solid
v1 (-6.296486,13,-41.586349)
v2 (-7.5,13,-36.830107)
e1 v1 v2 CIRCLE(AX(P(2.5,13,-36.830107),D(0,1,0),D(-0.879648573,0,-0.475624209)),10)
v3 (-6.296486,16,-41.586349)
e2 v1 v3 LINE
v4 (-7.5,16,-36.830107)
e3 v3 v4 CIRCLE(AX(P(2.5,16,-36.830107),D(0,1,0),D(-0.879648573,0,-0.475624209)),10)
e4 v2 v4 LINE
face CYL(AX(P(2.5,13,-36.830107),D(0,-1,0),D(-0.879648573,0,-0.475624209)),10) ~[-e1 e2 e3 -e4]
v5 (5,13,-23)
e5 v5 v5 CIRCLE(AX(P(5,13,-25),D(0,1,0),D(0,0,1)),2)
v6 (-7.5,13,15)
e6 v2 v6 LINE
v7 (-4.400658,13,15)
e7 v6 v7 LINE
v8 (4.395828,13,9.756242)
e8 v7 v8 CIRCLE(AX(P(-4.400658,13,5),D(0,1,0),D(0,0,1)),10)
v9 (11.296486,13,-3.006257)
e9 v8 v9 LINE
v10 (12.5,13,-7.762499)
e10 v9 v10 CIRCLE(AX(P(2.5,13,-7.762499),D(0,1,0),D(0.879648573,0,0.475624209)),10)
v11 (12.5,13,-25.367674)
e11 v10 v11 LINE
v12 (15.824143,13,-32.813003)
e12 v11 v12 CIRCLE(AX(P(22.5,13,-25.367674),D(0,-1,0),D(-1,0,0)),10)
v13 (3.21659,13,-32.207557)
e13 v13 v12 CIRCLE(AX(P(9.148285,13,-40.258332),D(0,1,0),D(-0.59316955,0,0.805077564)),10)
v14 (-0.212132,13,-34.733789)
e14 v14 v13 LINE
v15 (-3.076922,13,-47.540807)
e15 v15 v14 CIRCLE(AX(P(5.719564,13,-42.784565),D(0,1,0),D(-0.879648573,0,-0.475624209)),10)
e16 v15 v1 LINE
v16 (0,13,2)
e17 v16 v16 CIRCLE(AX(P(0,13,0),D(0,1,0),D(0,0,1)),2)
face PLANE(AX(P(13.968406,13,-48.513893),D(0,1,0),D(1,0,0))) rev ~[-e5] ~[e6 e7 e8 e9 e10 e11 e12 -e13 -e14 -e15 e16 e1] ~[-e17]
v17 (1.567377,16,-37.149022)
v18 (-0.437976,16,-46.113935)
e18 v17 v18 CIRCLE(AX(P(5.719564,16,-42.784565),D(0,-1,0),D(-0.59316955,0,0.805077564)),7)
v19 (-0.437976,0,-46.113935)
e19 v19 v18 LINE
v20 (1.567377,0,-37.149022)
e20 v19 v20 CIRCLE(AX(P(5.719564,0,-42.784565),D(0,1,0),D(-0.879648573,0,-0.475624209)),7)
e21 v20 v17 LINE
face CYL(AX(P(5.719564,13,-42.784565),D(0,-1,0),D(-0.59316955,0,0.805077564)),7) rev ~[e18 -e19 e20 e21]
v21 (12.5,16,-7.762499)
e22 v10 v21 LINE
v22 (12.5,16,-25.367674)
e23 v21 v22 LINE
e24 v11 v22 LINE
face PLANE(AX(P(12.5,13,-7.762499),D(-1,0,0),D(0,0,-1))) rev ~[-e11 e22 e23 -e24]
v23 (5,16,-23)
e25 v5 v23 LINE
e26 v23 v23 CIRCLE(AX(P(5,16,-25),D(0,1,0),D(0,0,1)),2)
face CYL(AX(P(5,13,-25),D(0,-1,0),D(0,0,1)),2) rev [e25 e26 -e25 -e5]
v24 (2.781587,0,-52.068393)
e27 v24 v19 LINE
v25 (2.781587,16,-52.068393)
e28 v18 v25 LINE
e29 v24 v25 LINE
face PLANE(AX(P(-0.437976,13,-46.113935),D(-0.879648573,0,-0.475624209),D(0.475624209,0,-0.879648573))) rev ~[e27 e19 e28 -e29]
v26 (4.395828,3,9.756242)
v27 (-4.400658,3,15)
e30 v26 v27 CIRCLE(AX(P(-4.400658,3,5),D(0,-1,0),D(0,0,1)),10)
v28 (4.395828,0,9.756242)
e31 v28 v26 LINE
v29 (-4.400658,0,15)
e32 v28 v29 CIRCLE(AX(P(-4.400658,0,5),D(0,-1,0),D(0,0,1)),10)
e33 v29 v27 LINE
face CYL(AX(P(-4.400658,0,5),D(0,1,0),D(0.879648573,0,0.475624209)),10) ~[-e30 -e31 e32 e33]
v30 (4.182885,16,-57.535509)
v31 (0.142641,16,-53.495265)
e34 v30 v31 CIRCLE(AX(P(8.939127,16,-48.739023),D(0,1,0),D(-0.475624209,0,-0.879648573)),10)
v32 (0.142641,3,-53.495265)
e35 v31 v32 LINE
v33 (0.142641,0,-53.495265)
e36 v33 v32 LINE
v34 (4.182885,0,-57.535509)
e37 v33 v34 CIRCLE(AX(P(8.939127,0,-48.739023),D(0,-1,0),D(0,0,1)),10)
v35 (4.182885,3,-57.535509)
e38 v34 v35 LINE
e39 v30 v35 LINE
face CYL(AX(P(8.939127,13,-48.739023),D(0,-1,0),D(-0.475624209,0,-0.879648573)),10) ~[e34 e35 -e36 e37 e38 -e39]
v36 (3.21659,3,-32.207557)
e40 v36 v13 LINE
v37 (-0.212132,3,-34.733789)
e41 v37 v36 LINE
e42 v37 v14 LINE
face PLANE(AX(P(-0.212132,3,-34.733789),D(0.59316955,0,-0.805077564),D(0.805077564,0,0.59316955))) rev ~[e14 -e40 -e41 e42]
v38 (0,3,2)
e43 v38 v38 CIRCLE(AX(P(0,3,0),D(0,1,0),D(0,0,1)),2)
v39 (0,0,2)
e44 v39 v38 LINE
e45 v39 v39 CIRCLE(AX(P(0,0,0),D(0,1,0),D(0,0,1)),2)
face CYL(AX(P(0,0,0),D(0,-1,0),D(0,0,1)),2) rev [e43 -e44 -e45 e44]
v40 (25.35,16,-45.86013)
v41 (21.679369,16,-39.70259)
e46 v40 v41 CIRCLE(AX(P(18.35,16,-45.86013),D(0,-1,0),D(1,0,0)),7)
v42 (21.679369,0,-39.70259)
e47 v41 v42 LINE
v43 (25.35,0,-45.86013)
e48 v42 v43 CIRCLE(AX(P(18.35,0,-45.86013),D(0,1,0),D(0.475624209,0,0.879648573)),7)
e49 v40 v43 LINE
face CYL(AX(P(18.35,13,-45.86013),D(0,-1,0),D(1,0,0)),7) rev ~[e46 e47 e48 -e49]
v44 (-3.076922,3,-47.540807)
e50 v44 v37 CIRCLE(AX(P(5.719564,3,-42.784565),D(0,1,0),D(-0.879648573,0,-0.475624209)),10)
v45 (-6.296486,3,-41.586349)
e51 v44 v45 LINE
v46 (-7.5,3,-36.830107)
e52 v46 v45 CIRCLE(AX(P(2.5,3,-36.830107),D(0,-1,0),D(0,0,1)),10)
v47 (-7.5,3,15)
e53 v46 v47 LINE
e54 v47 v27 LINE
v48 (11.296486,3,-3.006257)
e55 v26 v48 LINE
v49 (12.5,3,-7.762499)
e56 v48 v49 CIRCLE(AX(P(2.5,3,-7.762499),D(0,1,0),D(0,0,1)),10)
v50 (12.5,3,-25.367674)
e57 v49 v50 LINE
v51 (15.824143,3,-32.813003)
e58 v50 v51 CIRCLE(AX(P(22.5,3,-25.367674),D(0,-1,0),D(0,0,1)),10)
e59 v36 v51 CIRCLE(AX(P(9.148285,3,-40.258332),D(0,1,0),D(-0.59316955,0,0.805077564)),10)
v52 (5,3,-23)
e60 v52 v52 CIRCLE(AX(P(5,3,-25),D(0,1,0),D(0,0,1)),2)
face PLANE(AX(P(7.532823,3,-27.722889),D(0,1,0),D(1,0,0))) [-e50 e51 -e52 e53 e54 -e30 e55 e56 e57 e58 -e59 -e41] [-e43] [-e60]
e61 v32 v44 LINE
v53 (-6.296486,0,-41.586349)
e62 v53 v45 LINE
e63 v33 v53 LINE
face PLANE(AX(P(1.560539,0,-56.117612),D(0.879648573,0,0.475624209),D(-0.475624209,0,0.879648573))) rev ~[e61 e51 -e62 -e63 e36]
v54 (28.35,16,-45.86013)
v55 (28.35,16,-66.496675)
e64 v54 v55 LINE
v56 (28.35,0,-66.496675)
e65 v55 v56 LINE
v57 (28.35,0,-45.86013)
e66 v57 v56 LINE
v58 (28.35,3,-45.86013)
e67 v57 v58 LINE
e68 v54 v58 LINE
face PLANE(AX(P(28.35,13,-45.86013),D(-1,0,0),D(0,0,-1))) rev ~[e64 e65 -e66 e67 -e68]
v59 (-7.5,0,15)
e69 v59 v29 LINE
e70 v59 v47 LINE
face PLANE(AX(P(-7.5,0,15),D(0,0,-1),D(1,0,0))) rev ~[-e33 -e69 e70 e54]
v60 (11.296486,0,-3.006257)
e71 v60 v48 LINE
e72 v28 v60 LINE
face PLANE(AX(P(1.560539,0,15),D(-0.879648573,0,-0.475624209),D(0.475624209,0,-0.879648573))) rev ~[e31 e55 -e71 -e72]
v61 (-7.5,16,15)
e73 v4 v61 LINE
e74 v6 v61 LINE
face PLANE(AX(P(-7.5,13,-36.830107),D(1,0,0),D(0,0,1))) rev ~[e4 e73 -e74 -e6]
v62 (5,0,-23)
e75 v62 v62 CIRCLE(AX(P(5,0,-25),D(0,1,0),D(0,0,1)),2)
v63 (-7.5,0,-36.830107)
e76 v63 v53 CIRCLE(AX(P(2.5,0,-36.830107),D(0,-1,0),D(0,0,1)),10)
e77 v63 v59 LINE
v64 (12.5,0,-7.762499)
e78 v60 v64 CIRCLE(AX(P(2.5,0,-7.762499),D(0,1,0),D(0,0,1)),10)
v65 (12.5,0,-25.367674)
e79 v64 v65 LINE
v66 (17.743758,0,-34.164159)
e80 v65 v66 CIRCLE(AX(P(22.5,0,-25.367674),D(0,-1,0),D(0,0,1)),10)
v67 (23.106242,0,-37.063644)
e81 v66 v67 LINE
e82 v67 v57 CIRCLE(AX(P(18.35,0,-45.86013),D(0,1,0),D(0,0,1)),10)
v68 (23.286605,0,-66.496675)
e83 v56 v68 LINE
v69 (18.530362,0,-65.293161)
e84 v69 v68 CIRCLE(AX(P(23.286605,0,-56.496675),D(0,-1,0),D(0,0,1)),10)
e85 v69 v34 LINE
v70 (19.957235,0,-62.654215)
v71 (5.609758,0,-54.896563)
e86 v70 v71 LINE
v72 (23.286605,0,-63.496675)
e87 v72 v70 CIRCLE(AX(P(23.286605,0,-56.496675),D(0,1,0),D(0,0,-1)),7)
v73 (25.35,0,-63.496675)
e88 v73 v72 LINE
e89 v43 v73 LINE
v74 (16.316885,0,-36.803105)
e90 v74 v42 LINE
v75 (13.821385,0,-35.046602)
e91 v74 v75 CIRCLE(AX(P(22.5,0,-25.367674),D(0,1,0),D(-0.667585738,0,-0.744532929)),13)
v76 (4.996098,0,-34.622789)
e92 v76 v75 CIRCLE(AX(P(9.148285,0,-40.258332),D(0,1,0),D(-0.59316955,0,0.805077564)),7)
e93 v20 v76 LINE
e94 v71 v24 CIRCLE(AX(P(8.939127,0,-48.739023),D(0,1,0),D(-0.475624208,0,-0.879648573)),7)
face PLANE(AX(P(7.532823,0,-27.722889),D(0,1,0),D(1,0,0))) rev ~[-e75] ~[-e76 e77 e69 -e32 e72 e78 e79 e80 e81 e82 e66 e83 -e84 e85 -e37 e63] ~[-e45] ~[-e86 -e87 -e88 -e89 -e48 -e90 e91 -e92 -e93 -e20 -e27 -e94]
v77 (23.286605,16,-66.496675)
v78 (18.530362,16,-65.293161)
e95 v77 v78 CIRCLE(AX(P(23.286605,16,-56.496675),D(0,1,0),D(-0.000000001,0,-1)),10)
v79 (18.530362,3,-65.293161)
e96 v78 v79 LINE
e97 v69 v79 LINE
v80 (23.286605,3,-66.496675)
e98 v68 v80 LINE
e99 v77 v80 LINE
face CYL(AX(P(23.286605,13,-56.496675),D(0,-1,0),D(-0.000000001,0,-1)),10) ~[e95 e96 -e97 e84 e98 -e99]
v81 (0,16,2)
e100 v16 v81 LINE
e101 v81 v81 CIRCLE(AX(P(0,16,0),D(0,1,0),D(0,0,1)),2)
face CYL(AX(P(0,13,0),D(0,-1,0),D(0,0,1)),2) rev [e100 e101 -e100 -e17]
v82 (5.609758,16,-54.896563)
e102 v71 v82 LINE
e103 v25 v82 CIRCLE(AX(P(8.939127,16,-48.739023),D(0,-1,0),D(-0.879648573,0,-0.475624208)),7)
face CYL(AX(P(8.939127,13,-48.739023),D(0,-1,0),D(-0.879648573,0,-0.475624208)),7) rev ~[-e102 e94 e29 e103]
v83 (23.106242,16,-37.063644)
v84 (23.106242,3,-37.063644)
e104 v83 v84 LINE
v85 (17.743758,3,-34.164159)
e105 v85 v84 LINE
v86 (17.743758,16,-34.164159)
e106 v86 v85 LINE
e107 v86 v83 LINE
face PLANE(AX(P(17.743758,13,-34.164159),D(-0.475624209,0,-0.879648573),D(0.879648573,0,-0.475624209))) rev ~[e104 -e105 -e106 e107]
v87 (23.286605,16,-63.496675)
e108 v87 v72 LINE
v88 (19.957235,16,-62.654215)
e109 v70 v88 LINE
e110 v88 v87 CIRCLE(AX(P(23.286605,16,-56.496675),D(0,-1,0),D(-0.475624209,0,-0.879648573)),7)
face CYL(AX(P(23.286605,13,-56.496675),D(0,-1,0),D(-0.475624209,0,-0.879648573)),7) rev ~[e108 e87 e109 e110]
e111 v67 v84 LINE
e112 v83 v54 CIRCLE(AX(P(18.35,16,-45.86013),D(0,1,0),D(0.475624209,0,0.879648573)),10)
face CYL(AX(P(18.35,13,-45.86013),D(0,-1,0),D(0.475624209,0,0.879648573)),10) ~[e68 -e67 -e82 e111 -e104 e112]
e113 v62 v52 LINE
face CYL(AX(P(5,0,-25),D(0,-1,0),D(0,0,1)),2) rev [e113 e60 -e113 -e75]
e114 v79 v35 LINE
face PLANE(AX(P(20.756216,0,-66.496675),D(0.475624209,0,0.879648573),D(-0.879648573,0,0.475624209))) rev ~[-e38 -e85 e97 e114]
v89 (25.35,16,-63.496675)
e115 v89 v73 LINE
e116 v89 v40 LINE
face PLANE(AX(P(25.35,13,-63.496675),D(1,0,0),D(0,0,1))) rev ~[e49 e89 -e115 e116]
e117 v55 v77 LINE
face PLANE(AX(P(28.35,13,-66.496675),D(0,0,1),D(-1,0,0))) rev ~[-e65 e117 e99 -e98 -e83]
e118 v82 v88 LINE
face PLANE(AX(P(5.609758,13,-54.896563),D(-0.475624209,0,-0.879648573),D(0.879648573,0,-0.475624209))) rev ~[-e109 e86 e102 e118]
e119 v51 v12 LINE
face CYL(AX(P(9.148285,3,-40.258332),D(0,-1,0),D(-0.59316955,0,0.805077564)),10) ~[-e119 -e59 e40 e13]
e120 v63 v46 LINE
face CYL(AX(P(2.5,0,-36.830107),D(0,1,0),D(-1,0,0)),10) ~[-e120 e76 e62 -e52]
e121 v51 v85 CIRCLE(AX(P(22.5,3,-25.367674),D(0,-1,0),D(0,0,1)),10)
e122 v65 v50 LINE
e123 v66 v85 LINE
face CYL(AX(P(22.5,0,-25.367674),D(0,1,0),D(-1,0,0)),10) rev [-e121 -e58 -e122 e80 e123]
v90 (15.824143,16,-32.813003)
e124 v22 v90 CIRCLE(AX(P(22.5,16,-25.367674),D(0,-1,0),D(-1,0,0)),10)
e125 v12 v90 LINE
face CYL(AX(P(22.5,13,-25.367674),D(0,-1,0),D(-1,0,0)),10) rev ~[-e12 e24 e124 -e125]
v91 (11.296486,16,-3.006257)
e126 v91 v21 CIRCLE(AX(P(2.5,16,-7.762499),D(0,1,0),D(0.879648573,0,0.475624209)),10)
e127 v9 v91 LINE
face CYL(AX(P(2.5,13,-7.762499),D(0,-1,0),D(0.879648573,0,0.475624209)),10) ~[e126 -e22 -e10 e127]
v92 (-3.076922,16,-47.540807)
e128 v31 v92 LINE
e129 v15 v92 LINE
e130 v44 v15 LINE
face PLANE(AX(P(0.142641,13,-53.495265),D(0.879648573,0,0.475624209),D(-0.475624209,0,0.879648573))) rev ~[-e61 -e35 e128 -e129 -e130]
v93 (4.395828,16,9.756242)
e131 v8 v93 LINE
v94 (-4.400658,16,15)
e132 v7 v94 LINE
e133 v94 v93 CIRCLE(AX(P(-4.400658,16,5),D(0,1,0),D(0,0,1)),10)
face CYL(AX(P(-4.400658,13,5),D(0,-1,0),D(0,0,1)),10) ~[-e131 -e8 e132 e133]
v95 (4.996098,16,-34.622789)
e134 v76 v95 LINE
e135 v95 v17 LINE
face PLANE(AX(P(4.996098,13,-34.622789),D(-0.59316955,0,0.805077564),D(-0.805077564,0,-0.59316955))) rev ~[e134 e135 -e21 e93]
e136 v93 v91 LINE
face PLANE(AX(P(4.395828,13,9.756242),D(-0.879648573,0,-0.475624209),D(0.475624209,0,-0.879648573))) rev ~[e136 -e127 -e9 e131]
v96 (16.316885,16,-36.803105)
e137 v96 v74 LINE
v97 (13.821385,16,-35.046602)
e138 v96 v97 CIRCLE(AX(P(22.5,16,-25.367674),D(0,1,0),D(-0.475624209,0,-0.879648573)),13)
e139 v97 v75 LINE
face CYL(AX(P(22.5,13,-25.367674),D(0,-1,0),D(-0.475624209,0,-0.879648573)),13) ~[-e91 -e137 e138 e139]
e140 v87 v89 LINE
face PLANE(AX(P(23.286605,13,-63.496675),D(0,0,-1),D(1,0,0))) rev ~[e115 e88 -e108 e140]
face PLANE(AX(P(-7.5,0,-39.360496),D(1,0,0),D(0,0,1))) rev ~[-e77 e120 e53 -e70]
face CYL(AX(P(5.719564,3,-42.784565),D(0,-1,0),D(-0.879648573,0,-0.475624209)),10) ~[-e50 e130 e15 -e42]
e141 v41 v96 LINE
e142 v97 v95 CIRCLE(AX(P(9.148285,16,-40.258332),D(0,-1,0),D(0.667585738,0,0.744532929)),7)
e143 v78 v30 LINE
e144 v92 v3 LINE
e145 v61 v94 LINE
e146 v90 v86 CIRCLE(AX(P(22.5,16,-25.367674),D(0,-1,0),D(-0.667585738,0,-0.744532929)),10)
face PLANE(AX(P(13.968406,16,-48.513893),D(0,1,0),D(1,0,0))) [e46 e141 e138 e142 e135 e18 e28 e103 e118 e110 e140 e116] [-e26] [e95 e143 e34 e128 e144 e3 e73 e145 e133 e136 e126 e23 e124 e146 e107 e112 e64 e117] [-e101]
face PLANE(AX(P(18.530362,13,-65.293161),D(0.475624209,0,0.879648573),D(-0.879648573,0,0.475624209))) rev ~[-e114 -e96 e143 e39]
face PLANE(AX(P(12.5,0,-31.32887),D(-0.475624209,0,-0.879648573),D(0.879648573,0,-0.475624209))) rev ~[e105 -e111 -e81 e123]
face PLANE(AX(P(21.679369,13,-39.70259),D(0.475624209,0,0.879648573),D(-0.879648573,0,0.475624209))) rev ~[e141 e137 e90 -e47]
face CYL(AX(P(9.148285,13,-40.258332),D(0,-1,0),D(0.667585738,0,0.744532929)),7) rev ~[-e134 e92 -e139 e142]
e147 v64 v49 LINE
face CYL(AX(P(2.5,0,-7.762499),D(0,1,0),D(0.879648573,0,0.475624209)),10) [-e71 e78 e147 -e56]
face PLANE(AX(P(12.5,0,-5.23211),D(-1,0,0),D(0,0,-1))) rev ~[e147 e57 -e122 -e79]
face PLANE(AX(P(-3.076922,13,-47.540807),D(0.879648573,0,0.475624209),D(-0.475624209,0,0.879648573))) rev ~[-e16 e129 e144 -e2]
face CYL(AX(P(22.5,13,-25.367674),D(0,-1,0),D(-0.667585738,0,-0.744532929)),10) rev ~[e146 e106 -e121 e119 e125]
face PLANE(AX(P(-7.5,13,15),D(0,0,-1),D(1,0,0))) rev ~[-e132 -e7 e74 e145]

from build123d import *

# Parameters (mm, degrees)
SKETCH1_R           = 2
BOSS_EXTRUDE1_DEPTH = 3
FILLET1_R           = 10
BOSS_EXTRUDE2_DEPTH = 10
BOSS_EXTRUDE3_START = 10
SKETCH2_3_R         = 2
BOSS_EXTRUDE3_DEPTH = 3
CUT_EXTRUDE1_DEPTH  = 74.447466489


with BuildPart() as part:
    # Sketch1 → Boss-Extrude1 (new body)
    with BuildSketch(Plane(origin=(0, 0, 0), x_dir=(1, 0, 0), z_dir=(0, 1, 0))):
        Polygon((1.560538705, -15), (12.5, 5.232110419), (12.5, 31.328870119), (28.35, 39.898933149), (28.35, 66.496675358), (20.756215513, 66.496675358), (1.560538705, 56.117611626), (-7.5, 39.360495841), (-7.5, -15), align=None)
        with Locations(Location((0, 0, 0), (0, 0, 270))):
            Circle(SKETCH1_R, mode=Mode.SUBTRACT)
        with Locations(Location((5, 25, 0), (0, 0, 270))):
            Circle(SKETCH1_R, mode=Mode.SUBTRACT)
    extrude(amount=BOSS_EXTRUDE1_DEPTH)

    # Fillet1
    fillet1_edges = [part.edges().sort_by_distance(p)[0] for p in [
        (-7.5, 1.5, -39.360495841),
        (1.560538705, 1.5, -56.117611626),
        (20.756215513, 1.5, -66.496675358),
        (28.35, 1.5, -39.898933149),
        (12.5, 1.5, -31.328870119),
        (12.5, 1.5, -5.232110419),
        (1.560538705, 1.5, 15),
    ]]
    fillet(fillet1_edges, radius=FILLET1_R)

    # Sketch2 → Boss-Extrude2 (add)
    with BuildSketch(Plane(origin=(0, 3, 0), x_dir=(1, 0, 0), z_dir=(0, 1, 0))):
        with BuildLine():
            Line((-0.212131961, 34.733789396), (3.216589734, 32.20755665))
            ThreePointArc((3.216589734, 32.20755665), (9.62795757, 30.269843196), (15.824142619, 32.813003004))
            ThreePointArc((15.824142619, 32.813003004), (16.744165524, 33.545104209), (17.743757909, 34.164159444))
            Line((17.743757909, 34.164159444), (23.106242091, 37.063643824))
            ThreePointArc((23.106242091, 37.063643824), (26.939598969, 40.739700904), (28.35, 45.860129553))
            Line((28.35, 45.860129553), (28.35, 66.496675358))
            Line((28.35, 66.496675358), (23.286604522, 66.496675358))
            ThreePointArc((23.286604522, 66.496675358), (20.833530664, 66.191128856), (18.530362432, 65.293161086))
            Line((18.530362432, 65.293161086), (4.182884994, 57.535508975))
            ThreePointArc((4.182884994, 57.535508975), (1.868059273, 55.810091058), (0.142641356, 53.495265337))
            Line((0.142641356, 53.495265337), (-3.076922186, 47.54080713))
            ThreePointArc((-3.076922186, 47.54080713), (-4.039266122, 40.601621249), (-0.212131961, 34.733789396))
        make_face()
        with BuildLine():
            Line((1.56737669, 37.149022089), (4.996098385, 34.622789343))
            ThreePointArc((4.996098385, 34.622789343), (9.48405587, 33.266389925), (13.821385404, 35.046601791))
            ThreePointArc((13.821385404, 35.046601791), (15.017415181, 35.998333357), (16.316885282, 36.803105162))
            Line((16.316885282, 36.803105162), (21.679369463, 39.702589543))
            ThreePointArc((21.679369463, 39.702589543), (24.362719279, 42.275829499), (25.35, 45.860129553))
            Line((25.35, 45.860129553), (25.35, 63.496675358))
            Line((25.35, 63.496675358), (23.286604522, 63.496675358))
            ThreePointArc((23.286604522, 63.496675358), (21.569452821, 63.282792807), (19.957235059, 62.654215368))
            Line((19.957235059, 62.654215368), (5.609757621, 54.896563256))
            ThreePointArc((5.609757621, 54.896563256), (3.989379616, 53.688770715), (2.781587075, 52.06839271))
            Line((2.781587075, 52.06839271), (-0.437976468, 46.113934502))
            ThreePointArc((-0.437976468, 46.113934502), (-1.111617222, 41.256504386), (1.56737669, 37.149022089))
        make_face(mode=Mode.SUBTRACT)
    extrude(amount=BOSS_EXTRUDE2_DEPTH)

    # Sketch2<3> → Boss-Extrude3 (add)
    with BuildSketch(Plane(origin=(0, 3, 0), x_dir=(1, 0, 0), z_dir=(0, 1, 0)).offset(BOSS_EXTRUDE3_START)):
        with BuildLine():
            ThreePointArc((-3.076922186, 47.54080713), (-4.039266122, 40.601621249), (-0.212131961, 34.733789396))
            Line((-0.212131961, 34.733789396), (3.216589734, 32.20755665))
            ThreePointArc((3.216589734, 32.20755665), (9.62795757, 30.269843196), (15.824142619, 32.813003004))
            ThreePointArc((15.824142619, 32.813003004), (16.744165524, 33.545104209), (17.743757909, 34.164159444))
            Line((17.743757909, 34.164159444), (23.106242091, 37.063643824))
            ThreePointArc((23.106242091, 37.063643824), (26.939598969, 40.739700904), (28.35, 45.860129553))
            Line((28.35, 45.860129553), (28.35, 66.496675358))
            Line((28.35, 66.496675358), (23.286604522, 66.496675358))
            ThreePointArc((23.286604522, 66.496675358), (20.833530664, 66.191128856), (18.530362432, 65.293161086))
            Line((18.530362432, 65.293161086), (4.182884994, 57.535508975))
            ThreePointArc((4.182884994, 57.535508975), (1.868059273, 55.810091058), (0.142641356, 53.495265337))
            Line((0.142641356, 53.495265337), (-3.076922186, 47.54080713))
        make_face()
        with BuildLine():
            Line((4.996098385, 34.622789343), (1.56737669, 37.149022089))
            ThreePointArc((1.56737669, 37.149022089), (-1.111617222, 41.256504386), (-0.437976468, 46.113934502))
            Line((-0.437976468, 46.113934502), (2.781587075, 52.06839271))
            ThreePointArc((2.781587075, 52.06839271), (3.989379616, 53.688770715), (5.609757621, 54.896563256))
            Line((5.609757621, 54.896563256), (19.957235059, 62.654215368))
            ThreePointArc((19.957235059, 62.654215368), (21.569452821, 63.282792807), (23.286604522, 63.496675358))
            Line((23.286604522, 63.496675358), (25.35, 63.496675358))
            Line((25.35, 63.496675358), (25.35, 45.860129553))
            ThreePointArc((25.35, 45.860129553), (24.362719279, 42.275829499), (21.679369463, 39.702589543))
            Line((21.679369463, 39.702589543), (16.316885282, 36.803105162))
            ThreePointArc((16.316885282, 36.803105162), (15.017415181, 35.998333357), (13.821385404, 35.046601791))
            ThreePointArc((13.821385404, 35.046601791), (9.48405587, 33.266389925), (4.996098385, 34.622789343))
        make_face(mode=Mode.SUBTRACT)
        with BuildLine():
            Line((3.216589734, 32.20755665), (-0.212131961, 34.733789396))
            ThreePointArc((-0.212131961, 34.733789396), (-4.039266122, 40.601621249), (-3.076922186, 47.54080713))
            Line((-3.076922186, 47.54080713), (-6.296485729, 41.586348922))
            ThreePointArc((-6.296485729, 41.586348922), (-7.194453499, 39.28318069), (-7.5, 36.830106832))
            Line((-7.5, 36.830106832), (-7.5, -15))
            Line((-7.5, -15), (-4.400657699, -15))
            ThreePointArc((-4.400657699, -15), (0.71977095, -13.589598969), (4.39582803, -9.756242091))
            Line((4.39582803, -9.756242091), (11.296485729, 3.006257338))
            ThreePointArc((11.296485729, 3.006257338), (12.194453499, 5.30942557), (12.5, 7.762499429))
            Line((12.5, 7.762499429), (12.5, 25.367673715))
            ThreePointArc((12.5, 25.367673715), (13.368774074, 29.444524594), (15.824142619, 32.813003004))
            ThreePointArc((15.824142619, 32.813003004), (9.62795757, 30.269843196), (3.216589734, 32.20755665))
        make_face()
        with Locations(Location((0, 0, 0), (0, 0, 270))):
            Circle(SKETCH2_3_R, mode=Mode.SUBTRACT)
        with Locations(Location((5, 25, 0), (0, 0, 270))):
            Circle(SKETCH2_3_R, mode=Mode.SUBTRACT)
    extrude(amount=BOSS_EXTRUDE3_DEPTH)

    # Sketch4 → Cut-Extrude1 (cut, through all)
    with BuildSketch(Plane(origin=(0, 3, 0), x_dir=(1, 0, 0), z_dir=(0, 1, 0))):
        with BuildLine():
            Line((19.957235059, 62.654215368), (5.609757621, 54.896563256))
            ThreePointArc((5.609757621, 54.896563256), (3.989379616, 53.688770715), (2.781587075, 52.06839271))
            Line((2.781587075, 52.06839271), (-0.437976468, 46.113934502))
            ThreePointArc((-0.437976468, 46.113934502), (-1.111617222, 41.256504386), (1.56737669, 37.149022089))
            Line((1.56737669, 37.149022089), (4.996098385, 34.622789343))
            ThreePointArc((4.996098385, 34.622789343), (9.48405587, 33.266389925), (13.821385404, 35.046601791))
            ThreePointArc((13.821385404, 35.046601791), (15.017415181, 35.998333357), (16.316885282, 36.803105162))
            Line((16.316885282, 36.803105162), (21.679369463, 39.702589543))
            ThreePointArc((21.679369463, 39.702589543), (24.362719279, 42.275829499), (25.35, 45.860129553))
            Line((25.35, 45.860129553), (25.35, 63.496675358))
            Line((25.35, 63.496675358), (23.286604522, 63.496675358))
            ThreePointArc((23.286604522, 63.496675358), (21.569452821, 63.282792807), (19.957235059, 62.654215368))
        make_face()
    extrude(amount=-CUT_EXTRUDE1_DEPTH, mode=Mode.SUBTRACT)


solid = part.part
